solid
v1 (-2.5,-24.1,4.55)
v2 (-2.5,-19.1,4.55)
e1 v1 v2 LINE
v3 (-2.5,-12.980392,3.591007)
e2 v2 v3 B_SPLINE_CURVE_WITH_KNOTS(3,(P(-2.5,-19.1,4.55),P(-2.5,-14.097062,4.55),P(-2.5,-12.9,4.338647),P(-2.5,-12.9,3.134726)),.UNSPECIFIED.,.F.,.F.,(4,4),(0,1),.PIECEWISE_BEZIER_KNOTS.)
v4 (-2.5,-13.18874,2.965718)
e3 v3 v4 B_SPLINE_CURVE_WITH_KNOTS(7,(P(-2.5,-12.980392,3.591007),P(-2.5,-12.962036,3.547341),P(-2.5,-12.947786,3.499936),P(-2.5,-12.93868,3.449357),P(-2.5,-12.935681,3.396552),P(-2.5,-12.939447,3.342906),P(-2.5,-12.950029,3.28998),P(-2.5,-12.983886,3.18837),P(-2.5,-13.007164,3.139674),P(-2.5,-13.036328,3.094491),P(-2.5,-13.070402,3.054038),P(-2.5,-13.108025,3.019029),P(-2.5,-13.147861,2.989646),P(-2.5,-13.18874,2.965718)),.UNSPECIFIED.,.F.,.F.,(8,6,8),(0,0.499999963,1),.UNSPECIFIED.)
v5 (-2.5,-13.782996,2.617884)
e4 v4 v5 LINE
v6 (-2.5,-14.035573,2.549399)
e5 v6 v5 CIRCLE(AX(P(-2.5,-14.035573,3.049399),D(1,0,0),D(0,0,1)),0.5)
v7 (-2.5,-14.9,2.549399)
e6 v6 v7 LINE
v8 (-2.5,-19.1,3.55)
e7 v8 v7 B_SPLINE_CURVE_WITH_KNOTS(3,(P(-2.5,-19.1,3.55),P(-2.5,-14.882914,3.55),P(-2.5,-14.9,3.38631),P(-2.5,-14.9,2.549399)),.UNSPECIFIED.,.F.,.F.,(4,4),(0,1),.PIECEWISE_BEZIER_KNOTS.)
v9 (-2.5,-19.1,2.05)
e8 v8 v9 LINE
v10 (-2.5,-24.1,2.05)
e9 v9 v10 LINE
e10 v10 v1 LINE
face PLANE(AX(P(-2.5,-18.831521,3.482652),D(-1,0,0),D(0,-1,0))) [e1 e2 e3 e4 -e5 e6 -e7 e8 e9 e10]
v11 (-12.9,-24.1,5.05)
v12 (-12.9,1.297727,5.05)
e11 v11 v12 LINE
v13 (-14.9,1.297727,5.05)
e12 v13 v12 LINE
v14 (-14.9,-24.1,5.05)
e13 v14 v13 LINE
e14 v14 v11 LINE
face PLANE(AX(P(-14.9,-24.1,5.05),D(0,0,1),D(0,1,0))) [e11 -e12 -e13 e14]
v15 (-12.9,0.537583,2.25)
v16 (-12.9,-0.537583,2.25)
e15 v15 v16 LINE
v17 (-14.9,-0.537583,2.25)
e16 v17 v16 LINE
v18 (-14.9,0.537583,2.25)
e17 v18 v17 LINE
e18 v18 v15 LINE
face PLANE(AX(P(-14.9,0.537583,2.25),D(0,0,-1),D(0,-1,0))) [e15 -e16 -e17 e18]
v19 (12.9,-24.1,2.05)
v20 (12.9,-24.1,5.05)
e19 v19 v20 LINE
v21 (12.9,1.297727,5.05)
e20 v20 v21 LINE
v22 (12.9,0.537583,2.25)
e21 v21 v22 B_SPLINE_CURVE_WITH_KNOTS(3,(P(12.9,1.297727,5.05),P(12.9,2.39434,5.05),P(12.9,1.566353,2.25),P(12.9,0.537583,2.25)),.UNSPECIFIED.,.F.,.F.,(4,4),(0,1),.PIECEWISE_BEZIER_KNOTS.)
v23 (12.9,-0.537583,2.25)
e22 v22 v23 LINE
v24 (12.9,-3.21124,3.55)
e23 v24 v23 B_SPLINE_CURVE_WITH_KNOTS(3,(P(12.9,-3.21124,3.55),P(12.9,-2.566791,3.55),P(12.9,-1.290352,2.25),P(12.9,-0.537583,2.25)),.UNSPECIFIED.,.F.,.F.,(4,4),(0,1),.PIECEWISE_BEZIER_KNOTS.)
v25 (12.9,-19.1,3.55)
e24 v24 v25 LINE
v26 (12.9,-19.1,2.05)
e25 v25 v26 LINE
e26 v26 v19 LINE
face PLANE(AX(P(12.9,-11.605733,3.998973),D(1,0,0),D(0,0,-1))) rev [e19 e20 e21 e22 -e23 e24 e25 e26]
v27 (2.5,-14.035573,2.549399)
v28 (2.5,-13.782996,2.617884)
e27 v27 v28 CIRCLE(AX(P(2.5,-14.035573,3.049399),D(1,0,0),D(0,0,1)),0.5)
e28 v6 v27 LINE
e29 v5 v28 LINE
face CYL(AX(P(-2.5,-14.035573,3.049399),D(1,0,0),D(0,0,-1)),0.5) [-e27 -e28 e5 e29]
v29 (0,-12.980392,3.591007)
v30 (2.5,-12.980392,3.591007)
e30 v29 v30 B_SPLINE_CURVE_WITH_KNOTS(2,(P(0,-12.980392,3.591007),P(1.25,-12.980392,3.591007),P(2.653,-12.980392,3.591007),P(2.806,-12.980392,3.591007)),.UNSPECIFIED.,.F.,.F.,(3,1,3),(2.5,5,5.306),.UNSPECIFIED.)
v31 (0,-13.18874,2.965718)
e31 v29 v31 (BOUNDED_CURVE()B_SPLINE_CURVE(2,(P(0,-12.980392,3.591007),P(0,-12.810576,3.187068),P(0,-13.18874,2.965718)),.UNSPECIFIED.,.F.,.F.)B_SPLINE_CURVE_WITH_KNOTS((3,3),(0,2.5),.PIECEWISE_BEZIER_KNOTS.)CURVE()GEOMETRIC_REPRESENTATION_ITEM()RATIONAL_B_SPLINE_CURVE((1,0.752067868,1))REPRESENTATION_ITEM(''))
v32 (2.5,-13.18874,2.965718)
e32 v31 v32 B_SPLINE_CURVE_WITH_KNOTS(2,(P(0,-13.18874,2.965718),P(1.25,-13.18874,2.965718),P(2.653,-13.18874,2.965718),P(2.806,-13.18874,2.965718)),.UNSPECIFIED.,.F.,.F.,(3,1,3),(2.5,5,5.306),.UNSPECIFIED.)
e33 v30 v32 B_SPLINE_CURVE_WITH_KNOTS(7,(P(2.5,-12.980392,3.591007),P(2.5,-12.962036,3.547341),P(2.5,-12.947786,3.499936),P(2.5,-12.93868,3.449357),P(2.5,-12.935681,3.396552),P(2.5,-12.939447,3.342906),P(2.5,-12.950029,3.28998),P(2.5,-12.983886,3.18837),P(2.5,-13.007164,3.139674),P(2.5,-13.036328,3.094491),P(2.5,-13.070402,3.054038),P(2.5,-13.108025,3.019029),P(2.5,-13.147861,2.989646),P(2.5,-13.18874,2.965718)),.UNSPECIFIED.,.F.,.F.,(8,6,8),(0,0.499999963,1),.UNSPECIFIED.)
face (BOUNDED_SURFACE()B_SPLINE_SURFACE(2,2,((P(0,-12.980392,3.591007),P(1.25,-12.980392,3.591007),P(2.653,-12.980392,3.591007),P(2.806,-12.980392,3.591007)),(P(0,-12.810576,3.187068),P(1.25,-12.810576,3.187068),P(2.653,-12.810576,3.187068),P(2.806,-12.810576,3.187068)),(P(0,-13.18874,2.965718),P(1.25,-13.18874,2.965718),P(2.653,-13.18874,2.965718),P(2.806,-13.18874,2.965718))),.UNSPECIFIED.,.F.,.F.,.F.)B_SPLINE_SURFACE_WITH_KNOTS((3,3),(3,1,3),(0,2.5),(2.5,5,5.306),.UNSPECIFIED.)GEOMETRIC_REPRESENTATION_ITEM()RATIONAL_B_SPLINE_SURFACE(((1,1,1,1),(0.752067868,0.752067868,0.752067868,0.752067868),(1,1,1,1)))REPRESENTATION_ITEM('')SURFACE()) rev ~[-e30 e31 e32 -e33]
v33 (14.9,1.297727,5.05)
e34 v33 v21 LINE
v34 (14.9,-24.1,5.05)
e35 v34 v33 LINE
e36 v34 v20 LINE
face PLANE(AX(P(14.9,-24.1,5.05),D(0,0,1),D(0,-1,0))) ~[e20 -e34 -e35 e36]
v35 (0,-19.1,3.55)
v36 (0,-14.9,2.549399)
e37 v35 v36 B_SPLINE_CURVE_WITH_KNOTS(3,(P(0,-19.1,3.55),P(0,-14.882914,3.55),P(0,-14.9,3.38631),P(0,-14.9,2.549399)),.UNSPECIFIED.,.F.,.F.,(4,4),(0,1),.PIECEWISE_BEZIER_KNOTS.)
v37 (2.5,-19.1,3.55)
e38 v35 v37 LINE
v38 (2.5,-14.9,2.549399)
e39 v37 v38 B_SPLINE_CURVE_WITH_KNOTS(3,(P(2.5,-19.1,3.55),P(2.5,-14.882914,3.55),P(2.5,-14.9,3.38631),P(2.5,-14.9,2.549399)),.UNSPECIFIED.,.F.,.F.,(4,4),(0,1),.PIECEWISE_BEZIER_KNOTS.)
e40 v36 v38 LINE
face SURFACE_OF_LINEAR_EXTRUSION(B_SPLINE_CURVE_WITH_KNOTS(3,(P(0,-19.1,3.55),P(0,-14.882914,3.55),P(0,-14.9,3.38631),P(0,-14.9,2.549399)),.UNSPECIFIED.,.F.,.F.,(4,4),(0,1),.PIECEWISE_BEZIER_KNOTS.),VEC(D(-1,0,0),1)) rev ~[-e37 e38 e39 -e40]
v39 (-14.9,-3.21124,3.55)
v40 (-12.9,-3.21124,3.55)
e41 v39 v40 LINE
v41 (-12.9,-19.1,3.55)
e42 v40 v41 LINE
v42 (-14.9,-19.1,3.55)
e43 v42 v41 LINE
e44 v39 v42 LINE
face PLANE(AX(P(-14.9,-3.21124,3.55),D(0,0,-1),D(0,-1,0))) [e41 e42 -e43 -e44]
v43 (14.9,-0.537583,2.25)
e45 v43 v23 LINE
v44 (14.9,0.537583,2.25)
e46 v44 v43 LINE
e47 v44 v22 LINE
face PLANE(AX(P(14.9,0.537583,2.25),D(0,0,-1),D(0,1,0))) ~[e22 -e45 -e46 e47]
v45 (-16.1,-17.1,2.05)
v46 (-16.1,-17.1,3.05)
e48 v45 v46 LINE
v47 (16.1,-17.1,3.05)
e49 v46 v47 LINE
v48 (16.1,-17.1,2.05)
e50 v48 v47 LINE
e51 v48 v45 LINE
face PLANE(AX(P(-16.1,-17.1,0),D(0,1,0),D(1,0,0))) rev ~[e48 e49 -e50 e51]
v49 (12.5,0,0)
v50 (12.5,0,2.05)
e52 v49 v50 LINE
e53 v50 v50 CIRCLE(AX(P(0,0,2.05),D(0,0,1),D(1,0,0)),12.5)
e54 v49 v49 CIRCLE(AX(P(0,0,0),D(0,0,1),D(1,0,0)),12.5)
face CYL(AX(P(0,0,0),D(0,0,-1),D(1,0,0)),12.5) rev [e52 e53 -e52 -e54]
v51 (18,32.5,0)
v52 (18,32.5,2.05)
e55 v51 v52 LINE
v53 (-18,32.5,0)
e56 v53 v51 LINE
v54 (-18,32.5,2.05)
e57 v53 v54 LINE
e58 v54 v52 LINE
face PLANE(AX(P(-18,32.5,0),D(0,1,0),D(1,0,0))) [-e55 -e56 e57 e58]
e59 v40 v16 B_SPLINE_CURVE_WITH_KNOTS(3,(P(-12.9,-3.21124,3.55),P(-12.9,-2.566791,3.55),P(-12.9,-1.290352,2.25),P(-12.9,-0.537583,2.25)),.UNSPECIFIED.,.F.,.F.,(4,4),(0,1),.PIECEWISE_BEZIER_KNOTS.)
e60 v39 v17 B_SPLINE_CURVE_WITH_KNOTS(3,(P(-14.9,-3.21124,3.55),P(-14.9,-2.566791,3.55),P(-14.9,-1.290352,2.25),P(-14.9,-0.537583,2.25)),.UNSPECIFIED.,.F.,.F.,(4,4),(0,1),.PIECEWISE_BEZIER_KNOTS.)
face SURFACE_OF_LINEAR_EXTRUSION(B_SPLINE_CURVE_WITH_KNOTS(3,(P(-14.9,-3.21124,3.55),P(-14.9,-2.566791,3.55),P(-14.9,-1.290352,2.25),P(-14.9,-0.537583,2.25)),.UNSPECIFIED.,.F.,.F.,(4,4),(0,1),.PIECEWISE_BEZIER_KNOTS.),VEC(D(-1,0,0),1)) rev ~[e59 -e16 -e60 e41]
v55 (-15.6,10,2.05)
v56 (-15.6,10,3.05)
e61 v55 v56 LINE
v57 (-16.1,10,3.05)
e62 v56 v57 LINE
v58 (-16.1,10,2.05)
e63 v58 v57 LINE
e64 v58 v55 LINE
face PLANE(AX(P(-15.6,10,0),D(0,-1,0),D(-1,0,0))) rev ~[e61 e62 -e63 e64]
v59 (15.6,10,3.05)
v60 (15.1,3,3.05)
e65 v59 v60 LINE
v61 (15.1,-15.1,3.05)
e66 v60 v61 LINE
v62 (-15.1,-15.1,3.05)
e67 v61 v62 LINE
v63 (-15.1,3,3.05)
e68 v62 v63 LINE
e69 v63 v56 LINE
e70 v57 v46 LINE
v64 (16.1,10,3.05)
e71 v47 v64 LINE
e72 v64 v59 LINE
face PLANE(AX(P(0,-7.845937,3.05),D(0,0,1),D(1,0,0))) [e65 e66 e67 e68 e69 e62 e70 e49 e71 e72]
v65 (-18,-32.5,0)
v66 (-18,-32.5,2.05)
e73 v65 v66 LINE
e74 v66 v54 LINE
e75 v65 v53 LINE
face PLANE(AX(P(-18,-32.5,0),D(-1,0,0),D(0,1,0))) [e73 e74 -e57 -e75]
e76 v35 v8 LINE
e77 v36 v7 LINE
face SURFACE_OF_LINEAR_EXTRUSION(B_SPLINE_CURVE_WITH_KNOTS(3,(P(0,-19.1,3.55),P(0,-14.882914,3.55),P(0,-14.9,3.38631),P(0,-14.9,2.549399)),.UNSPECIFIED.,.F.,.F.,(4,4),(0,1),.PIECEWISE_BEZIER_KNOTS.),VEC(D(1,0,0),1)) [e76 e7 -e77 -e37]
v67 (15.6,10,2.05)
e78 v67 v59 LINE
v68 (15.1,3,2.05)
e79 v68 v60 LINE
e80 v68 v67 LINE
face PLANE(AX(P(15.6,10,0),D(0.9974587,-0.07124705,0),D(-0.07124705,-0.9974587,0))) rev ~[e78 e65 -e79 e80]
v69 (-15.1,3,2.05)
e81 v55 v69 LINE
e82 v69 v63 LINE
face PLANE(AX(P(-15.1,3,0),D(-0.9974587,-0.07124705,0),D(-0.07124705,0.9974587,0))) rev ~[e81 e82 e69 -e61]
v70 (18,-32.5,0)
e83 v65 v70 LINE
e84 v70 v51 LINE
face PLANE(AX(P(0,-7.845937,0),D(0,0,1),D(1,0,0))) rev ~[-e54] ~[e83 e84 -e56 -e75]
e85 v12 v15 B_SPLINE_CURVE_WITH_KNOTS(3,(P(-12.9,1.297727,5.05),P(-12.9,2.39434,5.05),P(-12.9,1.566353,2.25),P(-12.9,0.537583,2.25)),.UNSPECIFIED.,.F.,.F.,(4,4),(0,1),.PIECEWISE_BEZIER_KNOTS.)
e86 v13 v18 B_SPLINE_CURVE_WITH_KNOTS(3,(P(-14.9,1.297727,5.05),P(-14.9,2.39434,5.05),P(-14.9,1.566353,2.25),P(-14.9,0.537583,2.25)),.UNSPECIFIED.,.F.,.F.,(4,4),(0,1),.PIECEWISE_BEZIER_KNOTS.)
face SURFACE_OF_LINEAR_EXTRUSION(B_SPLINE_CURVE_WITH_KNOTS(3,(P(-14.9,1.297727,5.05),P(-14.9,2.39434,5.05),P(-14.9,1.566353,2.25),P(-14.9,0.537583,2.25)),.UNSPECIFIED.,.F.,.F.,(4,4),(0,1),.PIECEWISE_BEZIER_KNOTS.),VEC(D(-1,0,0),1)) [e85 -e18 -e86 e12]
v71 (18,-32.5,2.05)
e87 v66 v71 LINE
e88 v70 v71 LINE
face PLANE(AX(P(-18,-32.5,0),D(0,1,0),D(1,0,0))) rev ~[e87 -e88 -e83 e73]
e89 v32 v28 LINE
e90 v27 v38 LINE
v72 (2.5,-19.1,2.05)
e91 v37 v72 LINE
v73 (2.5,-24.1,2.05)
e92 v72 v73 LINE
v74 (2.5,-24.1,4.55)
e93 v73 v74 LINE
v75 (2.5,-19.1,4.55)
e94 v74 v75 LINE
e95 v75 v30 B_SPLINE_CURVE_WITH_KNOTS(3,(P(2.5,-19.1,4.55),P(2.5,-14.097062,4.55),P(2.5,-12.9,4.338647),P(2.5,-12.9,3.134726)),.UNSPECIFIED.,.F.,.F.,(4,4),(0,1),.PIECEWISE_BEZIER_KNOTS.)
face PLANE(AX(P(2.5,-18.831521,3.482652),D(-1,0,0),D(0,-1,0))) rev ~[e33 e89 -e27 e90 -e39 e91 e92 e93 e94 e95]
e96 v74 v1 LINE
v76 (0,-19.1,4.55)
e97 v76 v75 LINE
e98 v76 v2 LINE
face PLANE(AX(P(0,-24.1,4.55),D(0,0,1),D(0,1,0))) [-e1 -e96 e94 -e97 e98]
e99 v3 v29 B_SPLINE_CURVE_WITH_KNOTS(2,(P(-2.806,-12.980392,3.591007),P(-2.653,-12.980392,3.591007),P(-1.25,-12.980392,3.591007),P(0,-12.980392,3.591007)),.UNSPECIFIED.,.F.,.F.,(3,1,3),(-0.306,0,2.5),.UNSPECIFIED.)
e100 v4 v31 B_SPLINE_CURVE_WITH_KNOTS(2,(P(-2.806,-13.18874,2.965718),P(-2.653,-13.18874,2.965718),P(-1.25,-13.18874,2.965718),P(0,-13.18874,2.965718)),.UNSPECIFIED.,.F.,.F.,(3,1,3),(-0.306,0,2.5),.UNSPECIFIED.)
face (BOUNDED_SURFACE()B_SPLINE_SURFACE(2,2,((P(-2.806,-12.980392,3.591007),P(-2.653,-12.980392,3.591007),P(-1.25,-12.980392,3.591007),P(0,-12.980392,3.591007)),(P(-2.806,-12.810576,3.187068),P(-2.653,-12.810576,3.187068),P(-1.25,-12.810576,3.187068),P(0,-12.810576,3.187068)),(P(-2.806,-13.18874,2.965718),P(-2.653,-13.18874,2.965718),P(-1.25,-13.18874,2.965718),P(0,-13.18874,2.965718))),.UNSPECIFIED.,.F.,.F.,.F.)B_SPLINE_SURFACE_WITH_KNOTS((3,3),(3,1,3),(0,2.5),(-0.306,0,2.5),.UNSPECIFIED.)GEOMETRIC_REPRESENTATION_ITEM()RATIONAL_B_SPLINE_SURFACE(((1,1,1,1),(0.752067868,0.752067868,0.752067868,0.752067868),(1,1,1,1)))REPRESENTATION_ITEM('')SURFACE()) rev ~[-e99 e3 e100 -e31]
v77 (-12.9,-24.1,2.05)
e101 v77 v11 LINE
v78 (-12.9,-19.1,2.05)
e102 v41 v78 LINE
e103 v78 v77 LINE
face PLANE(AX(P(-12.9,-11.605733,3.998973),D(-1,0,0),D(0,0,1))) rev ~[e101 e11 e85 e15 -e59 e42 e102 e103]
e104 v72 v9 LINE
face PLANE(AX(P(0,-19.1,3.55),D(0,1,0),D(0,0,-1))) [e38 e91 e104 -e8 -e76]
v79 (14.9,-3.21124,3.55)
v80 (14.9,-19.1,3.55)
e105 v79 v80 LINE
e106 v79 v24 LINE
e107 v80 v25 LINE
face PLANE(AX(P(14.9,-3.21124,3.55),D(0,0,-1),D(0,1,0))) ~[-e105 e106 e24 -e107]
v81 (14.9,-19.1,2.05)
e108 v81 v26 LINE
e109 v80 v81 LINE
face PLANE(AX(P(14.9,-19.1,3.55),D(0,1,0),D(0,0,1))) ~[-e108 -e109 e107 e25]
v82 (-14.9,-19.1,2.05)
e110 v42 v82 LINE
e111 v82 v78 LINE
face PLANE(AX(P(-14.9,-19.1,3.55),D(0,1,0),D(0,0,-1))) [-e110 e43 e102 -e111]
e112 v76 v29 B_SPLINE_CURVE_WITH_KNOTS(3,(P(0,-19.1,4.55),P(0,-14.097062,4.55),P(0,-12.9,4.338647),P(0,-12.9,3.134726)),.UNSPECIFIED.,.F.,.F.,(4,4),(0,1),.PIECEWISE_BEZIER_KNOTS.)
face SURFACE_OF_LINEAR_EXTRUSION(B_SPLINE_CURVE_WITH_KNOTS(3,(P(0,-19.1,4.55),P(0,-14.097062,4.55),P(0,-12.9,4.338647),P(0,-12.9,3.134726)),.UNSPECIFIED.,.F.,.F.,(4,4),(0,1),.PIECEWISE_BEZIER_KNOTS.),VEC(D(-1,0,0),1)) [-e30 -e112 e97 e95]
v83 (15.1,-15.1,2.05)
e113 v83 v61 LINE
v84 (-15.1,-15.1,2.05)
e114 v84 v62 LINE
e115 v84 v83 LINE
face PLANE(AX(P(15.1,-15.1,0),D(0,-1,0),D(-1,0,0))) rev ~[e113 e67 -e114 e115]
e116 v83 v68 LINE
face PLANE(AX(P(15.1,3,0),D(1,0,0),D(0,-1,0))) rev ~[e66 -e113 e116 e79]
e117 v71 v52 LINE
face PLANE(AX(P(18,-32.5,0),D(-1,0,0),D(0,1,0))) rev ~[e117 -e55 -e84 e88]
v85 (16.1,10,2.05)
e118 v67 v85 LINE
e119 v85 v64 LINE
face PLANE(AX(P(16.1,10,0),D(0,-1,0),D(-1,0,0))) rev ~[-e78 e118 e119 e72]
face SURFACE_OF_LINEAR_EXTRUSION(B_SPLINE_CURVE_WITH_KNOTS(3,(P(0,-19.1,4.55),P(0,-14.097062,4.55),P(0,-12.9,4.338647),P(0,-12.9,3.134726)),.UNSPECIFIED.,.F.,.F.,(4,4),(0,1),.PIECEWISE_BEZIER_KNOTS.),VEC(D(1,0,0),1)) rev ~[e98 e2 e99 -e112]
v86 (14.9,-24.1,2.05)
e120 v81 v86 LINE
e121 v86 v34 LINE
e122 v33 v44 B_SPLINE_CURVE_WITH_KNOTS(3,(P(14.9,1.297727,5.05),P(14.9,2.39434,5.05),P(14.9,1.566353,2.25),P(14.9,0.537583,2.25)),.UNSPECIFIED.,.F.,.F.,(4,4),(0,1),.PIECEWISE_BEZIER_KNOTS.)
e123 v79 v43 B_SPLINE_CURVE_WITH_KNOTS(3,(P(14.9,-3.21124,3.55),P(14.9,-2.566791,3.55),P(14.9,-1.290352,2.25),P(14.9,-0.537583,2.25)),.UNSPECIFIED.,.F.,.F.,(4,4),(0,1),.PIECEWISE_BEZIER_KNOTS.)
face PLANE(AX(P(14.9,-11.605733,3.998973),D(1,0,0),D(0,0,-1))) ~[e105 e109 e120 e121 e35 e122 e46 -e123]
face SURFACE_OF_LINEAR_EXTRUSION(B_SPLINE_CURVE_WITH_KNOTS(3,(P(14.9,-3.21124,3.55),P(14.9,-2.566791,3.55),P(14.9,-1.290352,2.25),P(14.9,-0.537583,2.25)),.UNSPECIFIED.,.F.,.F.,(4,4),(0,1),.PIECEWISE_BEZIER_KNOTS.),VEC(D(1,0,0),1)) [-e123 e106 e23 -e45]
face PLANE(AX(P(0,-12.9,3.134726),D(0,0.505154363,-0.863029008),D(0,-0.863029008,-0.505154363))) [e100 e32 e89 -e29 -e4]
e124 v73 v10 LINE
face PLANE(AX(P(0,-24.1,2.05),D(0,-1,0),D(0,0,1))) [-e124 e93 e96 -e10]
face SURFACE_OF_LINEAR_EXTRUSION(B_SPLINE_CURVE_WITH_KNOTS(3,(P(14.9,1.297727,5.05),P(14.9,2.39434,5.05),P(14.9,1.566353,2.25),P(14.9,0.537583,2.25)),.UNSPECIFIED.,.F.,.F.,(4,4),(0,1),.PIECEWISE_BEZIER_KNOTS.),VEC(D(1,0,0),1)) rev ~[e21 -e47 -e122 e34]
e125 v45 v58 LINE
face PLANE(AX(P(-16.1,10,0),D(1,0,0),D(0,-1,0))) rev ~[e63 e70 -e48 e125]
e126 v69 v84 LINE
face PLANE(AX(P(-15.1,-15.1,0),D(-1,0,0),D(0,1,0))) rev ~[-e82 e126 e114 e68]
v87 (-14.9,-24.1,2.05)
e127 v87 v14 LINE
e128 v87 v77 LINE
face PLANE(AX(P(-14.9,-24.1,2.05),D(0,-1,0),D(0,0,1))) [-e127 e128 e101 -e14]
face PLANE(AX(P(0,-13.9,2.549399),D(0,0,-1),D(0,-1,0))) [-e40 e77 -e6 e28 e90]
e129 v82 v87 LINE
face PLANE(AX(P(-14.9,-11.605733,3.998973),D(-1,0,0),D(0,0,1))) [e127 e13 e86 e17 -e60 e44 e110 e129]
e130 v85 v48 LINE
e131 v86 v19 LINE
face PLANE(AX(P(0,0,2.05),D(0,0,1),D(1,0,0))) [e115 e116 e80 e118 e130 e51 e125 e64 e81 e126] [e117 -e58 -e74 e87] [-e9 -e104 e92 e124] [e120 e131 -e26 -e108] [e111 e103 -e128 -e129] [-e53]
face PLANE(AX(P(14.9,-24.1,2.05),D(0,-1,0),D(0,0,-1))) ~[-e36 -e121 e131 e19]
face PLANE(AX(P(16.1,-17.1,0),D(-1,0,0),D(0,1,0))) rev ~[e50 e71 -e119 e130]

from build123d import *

# Parameters (mm, degrees)
MAIN_FEATURES_SKETCH_W = 36
MAIN_FEATURES_SKETCH_H = 65
MAIN_FEATURES_SKETCH_R = 12.5
BASE_FILTER_DEPTH      = 2.05
LENS_SURROUND_DEPTH    = 3.05
ARM_DEPTH              = 2.5
FILLET1_R              = 0.5
LONG_ARM_START         = 0.2
LONG_ARM_DEPTH         = 2


with BuildPart() as part:
    # main_features_sketch → base_filter (new body)
    with BuildSketch(Plane.XY):
        Rectangle(MAIN_FEATURES_SKETCH_W, MAIN_FEATURES_SKETCH_H)
        Circle(MAIN_FEATURES_SKETCH_R, mode=Mode.SUBTRACT)
    extrude(amount=BASE_FILTER_DEPTH)

    # main_features_sketch<4> → lens_surround (add)
    with BuildSketch(Plane.XY):
        Polygon((-16.1, 10), (-16.1, 0), (-16.1, -17.1), (16.1, -17.1), (16.1, 0), (16.1, 10), (15.6, 10), (15.1, 3), (15.1, 0), (15.1, -15.1), (-15.1, -15.1), (-15.1, 0), (-15.1, 3), (-15.6, 10), align=None)
    extrude(amount=LENS_SURROUND_DEPTH)

    # arm_sketch → arm (add, symmetric)
    with BuildSketch(Plane(origin=(0, 0, 0), x_dir=(0, -1, 0), z_dir=(-1, 0, 0))):
        with BuildLine():
            Line((13.9, 2.549398771), (14.9, 2.549398771))
            add(Edge.make_bspline(
                [(19.1, 3.55), (14.882914348, 3.55), (14.9, 3.386309971), (14.9, 2.549398771)],
                knots=[0, 0, 0, 0, 1, 1, 1, 1], degree=3))
            Line((19.1, 3.55), (19.1, 2.05))
            Line((19.1, 2.05), (24.1, 2.05))
            Line((24.1, 2.05), (24.1, 3.55))
            Line((24.1, 3.55), (24.1, 4.55))
            Line((24.1, 4.55), (19.1, 4.55))
            add(Edge.make_bspline(
                [(19.1, 4.55), (14.0970617, 4.55), (12.9, 4.338647065), (12.9, 3.134725983)],
                knots=[0, 0, 0, 0, 1, 1, 1, 1], degree=3))
            Line((12.9, 3.134725983), (13.9, 2.549398771))
        make_face()
    extrude(amount=ARM_DEPTH, both=True)

    # Fillet1
    fillet1_edges = [part.edges().sort_by_distance(p)[0] for p in [
        (1.25, -12.9, 3.134725983),
        (0, -13.9, 2.549398771),
    ]]
    fillet(fillet1_edges, radius=FILLET1_R)

    # long_arm_sketch → long_arm (add)
    with BuildSketch(Plane(origin=(-15.1, 0, 0), x_dir=(0, 0, -1), z_dir=(1, 0, 0)).offset(LONG_ARM_START)):
        with BuildLine():
            Line((-2.05, -24.1), (-5.05, -24.1))
            Line((-5.05, -24.1), (-5.05, 1.297726723))
            add(Edge.make_bspline(
                [(-5.05, 1.297726723), (-5.05, 2.39434011), (-2.25, 1.5663534), (-2.25, 0.537583105)],
                knots=[0, 0, 0, 0, 1, 1, 1, 1], degree=3))
            Line((-2.25, 0.537583105), (-2.25, -0.537583105))
            add(Edge.make_bspline(
                [(-3.55, -3.211240123), (-3.55, -2.566791116), (-2.25, -1.290352393), (-2.25, -0.537583105)],
                knots=[0, 0, 0, 0, 1, 1, 1, 1], degree=3))
            Line((-3.55, -3.211240123), (-3.55, -19.1))
            Line((-3.55, -19.1), (-2.05, -19.1))
            Line((-2.05, -19.1), (-2.05, -24.1))
        make_face()
    long_arm = extrude(amount=LONG_ARM_DEPTH)

    # Mirror1: long_arm across plane
    add(long_arm.mirror(Plane(origin=(0, 0, 0), x_dir=(0, 0, 1), z_dir=(1, 0, 0))))


solid = part.part
